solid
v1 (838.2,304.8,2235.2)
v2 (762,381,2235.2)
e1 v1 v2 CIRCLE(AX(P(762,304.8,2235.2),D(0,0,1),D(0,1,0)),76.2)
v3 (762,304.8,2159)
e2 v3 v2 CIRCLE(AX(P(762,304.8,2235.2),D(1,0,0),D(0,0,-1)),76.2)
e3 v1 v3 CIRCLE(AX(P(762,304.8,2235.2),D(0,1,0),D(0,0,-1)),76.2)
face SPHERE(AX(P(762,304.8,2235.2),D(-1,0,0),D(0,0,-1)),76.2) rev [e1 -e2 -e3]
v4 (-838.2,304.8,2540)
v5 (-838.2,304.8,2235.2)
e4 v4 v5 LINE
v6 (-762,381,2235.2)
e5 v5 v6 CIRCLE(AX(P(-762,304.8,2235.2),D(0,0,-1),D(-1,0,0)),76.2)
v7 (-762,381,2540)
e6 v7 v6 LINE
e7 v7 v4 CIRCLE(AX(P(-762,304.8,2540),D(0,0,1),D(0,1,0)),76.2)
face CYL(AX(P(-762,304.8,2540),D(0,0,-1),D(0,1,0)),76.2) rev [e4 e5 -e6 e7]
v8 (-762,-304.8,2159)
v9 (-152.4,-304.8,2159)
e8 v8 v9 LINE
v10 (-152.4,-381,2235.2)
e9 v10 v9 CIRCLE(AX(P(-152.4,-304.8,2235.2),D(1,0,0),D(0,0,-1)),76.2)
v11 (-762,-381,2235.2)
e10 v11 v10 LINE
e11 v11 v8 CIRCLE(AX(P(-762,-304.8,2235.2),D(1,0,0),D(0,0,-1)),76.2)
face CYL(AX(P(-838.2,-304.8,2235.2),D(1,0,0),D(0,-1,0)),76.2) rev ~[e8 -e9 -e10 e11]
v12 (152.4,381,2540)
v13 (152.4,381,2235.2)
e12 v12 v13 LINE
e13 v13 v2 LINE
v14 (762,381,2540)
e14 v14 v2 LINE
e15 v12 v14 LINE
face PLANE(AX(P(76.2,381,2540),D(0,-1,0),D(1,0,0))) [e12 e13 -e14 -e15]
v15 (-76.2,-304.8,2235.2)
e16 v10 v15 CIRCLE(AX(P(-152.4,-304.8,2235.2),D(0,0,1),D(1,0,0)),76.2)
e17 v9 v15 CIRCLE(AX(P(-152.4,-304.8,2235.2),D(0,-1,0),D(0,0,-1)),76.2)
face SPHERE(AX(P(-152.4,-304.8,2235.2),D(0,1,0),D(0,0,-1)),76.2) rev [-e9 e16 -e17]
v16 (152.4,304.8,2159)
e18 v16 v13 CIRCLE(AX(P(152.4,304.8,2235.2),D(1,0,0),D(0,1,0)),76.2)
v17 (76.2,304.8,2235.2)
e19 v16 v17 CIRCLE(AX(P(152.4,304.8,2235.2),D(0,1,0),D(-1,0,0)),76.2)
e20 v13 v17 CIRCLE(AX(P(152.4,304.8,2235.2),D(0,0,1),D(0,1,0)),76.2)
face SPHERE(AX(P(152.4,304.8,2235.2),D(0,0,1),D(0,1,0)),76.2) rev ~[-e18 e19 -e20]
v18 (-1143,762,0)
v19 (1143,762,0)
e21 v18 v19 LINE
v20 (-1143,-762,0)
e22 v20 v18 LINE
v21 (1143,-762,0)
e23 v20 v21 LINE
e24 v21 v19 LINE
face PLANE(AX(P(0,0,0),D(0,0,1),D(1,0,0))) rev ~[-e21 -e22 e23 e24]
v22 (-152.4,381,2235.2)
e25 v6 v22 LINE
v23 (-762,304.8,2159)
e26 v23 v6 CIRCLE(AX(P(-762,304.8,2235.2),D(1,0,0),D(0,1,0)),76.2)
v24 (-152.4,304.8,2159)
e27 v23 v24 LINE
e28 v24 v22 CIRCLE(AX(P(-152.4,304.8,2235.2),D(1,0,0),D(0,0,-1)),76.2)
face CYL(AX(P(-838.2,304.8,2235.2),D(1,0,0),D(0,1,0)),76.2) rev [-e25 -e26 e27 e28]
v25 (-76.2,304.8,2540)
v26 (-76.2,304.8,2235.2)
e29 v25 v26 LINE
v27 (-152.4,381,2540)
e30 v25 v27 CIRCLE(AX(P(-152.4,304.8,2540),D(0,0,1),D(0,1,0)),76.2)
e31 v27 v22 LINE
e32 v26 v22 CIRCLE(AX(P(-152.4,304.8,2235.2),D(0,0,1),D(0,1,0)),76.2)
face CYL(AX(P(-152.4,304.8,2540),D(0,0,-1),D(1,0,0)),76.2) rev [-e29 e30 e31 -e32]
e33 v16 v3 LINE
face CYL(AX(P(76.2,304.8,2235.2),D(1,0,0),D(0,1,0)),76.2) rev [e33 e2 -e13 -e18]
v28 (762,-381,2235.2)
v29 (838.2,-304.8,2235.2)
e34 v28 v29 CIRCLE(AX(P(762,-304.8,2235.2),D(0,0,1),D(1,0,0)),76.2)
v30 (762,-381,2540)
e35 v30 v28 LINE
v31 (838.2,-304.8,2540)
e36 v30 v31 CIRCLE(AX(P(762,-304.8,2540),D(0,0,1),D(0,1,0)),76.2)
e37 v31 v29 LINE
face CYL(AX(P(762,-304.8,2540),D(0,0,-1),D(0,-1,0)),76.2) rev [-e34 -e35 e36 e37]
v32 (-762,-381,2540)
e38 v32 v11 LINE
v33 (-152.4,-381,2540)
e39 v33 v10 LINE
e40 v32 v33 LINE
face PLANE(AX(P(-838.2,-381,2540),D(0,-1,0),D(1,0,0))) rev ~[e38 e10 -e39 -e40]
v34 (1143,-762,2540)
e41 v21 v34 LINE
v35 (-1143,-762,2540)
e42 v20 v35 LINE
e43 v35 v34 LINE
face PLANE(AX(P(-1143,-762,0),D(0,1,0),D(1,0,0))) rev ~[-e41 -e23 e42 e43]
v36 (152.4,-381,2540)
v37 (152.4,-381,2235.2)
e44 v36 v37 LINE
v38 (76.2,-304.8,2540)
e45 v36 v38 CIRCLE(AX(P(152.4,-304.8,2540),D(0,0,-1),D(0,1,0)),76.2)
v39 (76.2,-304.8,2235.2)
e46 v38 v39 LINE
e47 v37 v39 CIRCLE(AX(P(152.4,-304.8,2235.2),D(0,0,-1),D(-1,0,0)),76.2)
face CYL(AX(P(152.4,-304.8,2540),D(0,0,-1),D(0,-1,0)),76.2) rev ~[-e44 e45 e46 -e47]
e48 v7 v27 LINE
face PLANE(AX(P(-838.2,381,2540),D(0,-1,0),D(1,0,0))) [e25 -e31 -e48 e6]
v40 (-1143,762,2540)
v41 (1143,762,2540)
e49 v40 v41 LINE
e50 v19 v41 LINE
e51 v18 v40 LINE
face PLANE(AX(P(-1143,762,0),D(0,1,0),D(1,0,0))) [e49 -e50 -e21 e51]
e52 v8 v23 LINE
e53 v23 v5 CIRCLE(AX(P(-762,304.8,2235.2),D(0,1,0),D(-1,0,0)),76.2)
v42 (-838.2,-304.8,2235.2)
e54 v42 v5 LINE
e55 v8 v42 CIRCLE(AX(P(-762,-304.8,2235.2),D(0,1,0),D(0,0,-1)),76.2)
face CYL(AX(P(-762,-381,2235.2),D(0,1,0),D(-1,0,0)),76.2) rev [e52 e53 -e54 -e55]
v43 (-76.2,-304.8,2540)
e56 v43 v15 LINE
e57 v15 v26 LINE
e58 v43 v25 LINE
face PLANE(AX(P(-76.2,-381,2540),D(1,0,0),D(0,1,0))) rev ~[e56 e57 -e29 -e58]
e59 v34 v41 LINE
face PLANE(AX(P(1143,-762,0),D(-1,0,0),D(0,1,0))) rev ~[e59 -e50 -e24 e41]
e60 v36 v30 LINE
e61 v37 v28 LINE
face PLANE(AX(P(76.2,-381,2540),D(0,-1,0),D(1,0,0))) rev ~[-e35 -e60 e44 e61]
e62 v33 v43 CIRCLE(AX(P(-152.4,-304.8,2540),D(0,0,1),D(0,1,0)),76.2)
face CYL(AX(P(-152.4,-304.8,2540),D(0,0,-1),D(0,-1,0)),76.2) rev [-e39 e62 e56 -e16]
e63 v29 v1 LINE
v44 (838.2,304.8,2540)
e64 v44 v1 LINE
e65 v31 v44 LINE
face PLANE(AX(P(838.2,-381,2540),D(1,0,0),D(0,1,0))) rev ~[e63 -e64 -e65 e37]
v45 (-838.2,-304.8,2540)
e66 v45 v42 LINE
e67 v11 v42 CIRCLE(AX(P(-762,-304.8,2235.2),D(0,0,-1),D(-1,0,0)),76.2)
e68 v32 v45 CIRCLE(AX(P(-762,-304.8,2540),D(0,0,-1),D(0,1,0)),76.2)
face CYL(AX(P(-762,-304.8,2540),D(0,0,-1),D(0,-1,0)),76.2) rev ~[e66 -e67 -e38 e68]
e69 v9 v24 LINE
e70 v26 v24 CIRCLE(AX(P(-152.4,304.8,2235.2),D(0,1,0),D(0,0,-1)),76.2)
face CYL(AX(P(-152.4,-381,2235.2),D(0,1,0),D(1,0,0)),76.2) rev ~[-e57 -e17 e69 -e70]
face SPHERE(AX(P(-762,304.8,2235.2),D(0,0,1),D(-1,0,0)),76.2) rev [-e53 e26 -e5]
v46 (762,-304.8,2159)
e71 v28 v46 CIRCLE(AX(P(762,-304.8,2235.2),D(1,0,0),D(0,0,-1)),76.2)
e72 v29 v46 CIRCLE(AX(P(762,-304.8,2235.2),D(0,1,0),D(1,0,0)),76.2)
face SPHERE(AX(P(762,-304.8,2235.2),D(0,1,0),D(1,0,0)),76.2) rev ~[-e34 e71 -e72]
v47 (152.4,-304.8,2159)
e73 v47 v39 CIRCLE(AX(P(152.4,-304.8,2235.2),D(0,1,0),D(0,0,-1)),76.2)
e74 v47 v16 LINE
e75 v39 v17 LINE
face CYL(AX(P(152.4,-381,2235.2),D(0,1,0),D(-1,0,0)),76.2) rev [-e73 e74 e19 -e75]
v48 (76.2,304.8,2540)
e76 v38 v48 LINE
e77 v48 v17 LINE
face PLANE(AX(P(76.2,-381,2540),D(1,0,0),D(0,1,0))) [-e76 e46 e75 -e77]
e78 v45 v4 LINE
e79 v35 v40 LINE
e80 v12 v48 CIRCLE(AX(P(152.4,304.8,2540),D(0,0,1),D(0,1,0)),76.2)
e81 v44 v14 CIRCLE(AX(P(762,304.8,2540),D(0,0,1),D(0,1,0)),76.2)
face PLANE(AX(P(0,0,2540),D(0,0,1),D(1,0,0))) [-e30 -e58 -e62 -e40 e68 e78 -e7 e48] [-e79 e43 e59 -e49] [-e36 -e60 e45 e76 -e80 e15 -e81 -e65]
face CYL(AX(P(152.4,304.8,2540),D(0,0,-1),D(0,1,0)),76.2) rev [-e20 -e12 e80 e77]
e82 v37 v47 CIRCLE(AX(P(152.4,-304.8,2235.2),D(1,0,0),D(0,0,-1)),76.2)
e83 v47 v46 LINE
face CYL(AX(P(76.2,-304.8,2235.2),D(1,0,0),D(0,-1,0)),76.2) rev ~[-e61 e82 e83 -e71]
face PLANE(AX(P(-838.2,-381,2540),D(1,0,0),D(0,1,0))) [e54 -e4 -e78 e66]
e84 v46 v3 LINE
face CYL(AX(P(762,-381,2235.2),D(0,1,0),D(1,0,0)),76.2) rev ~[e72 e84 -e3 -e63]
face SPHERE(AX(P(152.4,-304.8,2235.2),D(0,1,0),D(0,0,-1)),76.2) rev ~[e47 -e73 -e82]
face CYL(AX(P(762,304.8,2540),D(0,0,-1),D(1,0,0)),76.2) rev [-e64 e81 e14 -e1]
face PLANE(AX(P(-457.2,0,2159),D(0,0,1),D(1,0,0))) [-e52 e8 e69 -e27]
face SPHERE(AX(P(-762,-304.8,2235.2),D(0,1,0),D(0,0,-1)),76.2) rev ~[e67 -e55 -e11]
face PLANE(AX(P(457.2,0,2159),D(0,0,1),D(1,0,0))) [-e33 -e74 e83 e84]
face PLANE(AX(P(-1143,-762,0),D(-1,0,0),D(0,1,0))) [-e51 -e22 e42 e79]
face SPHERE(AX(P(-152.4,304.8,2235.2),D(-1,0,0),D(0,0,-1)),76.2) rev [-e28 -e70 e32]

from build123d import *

# Parameters (mm, degrees)
F0_W     = 2286
F0_H     = 1524
F1_DEPTH = 2540
F2_W     = 762
F2_H     = 762
F3_DEPTH = 381
F4_R     = 76.2
F5_W     = 762
F5_H     = 762
F6_DEPTH = 381
F7_R     = 76.2


with BuildPart() as f1:
    # F0 (on Top) → F1 (new body)
    with BuildSketch(Plane.XY):
        Rectangle(F0_W, F0_H)
    extrude(amount=F1_DEPTH)

    # F2 (on face) → F3 (cut)
    with BuildSketch(Plane.XY.offset(2540)):
        with Locations((-457.2, 0)):
            Rectangle(F2_W, F2_H)
    extrude(amount=-F3_DEPTH, mode=Mode.SUBTRACT)

    # F4
    f4_edges = [f1.edges().sort_by_distance(p)[0] for p in [
        (-838.2, 381, 2349.5),
        (-838.2, 0, 2159),
        (-457.2, 381, 2159),
        (-76.2, 0, 2159),
        (-76.2, 381, 2349.5),
        (-457.2, -381, 2159),
        (-76.2, -381, 2349.5),
        (-838.2, -381, 2349.5),
    ]]
    fillet(f4_edges, radius=F4_R)

    # F5 (on face) → F6 (cut)
    with BuildSketch(Plane.XY.offset(2540)):
        with Locations((457.2, 0)):
            Rectangle(F5_W, F5_H)
    extrude(amount=-F6_DEPTH, mode=Mode.SUBTRACT)

    # F7
    f7_edges = [f1.edges().sort_by_distance(p)[0] for p in [
        (76.2, 381, 2349.5),
        (457.2, 381, 2159),
        (76.2, 0, 2159),
        (838.2, 0, 2159),
        (838.2, 381, 2349.5),
        (838.2, -381, 2349.5),
        (457.2, -381, 2159),
        (76.2, -381, 2349.5),
    ]]
    fillet(f7_edges, radius=F7_R)


solid = f1.part
